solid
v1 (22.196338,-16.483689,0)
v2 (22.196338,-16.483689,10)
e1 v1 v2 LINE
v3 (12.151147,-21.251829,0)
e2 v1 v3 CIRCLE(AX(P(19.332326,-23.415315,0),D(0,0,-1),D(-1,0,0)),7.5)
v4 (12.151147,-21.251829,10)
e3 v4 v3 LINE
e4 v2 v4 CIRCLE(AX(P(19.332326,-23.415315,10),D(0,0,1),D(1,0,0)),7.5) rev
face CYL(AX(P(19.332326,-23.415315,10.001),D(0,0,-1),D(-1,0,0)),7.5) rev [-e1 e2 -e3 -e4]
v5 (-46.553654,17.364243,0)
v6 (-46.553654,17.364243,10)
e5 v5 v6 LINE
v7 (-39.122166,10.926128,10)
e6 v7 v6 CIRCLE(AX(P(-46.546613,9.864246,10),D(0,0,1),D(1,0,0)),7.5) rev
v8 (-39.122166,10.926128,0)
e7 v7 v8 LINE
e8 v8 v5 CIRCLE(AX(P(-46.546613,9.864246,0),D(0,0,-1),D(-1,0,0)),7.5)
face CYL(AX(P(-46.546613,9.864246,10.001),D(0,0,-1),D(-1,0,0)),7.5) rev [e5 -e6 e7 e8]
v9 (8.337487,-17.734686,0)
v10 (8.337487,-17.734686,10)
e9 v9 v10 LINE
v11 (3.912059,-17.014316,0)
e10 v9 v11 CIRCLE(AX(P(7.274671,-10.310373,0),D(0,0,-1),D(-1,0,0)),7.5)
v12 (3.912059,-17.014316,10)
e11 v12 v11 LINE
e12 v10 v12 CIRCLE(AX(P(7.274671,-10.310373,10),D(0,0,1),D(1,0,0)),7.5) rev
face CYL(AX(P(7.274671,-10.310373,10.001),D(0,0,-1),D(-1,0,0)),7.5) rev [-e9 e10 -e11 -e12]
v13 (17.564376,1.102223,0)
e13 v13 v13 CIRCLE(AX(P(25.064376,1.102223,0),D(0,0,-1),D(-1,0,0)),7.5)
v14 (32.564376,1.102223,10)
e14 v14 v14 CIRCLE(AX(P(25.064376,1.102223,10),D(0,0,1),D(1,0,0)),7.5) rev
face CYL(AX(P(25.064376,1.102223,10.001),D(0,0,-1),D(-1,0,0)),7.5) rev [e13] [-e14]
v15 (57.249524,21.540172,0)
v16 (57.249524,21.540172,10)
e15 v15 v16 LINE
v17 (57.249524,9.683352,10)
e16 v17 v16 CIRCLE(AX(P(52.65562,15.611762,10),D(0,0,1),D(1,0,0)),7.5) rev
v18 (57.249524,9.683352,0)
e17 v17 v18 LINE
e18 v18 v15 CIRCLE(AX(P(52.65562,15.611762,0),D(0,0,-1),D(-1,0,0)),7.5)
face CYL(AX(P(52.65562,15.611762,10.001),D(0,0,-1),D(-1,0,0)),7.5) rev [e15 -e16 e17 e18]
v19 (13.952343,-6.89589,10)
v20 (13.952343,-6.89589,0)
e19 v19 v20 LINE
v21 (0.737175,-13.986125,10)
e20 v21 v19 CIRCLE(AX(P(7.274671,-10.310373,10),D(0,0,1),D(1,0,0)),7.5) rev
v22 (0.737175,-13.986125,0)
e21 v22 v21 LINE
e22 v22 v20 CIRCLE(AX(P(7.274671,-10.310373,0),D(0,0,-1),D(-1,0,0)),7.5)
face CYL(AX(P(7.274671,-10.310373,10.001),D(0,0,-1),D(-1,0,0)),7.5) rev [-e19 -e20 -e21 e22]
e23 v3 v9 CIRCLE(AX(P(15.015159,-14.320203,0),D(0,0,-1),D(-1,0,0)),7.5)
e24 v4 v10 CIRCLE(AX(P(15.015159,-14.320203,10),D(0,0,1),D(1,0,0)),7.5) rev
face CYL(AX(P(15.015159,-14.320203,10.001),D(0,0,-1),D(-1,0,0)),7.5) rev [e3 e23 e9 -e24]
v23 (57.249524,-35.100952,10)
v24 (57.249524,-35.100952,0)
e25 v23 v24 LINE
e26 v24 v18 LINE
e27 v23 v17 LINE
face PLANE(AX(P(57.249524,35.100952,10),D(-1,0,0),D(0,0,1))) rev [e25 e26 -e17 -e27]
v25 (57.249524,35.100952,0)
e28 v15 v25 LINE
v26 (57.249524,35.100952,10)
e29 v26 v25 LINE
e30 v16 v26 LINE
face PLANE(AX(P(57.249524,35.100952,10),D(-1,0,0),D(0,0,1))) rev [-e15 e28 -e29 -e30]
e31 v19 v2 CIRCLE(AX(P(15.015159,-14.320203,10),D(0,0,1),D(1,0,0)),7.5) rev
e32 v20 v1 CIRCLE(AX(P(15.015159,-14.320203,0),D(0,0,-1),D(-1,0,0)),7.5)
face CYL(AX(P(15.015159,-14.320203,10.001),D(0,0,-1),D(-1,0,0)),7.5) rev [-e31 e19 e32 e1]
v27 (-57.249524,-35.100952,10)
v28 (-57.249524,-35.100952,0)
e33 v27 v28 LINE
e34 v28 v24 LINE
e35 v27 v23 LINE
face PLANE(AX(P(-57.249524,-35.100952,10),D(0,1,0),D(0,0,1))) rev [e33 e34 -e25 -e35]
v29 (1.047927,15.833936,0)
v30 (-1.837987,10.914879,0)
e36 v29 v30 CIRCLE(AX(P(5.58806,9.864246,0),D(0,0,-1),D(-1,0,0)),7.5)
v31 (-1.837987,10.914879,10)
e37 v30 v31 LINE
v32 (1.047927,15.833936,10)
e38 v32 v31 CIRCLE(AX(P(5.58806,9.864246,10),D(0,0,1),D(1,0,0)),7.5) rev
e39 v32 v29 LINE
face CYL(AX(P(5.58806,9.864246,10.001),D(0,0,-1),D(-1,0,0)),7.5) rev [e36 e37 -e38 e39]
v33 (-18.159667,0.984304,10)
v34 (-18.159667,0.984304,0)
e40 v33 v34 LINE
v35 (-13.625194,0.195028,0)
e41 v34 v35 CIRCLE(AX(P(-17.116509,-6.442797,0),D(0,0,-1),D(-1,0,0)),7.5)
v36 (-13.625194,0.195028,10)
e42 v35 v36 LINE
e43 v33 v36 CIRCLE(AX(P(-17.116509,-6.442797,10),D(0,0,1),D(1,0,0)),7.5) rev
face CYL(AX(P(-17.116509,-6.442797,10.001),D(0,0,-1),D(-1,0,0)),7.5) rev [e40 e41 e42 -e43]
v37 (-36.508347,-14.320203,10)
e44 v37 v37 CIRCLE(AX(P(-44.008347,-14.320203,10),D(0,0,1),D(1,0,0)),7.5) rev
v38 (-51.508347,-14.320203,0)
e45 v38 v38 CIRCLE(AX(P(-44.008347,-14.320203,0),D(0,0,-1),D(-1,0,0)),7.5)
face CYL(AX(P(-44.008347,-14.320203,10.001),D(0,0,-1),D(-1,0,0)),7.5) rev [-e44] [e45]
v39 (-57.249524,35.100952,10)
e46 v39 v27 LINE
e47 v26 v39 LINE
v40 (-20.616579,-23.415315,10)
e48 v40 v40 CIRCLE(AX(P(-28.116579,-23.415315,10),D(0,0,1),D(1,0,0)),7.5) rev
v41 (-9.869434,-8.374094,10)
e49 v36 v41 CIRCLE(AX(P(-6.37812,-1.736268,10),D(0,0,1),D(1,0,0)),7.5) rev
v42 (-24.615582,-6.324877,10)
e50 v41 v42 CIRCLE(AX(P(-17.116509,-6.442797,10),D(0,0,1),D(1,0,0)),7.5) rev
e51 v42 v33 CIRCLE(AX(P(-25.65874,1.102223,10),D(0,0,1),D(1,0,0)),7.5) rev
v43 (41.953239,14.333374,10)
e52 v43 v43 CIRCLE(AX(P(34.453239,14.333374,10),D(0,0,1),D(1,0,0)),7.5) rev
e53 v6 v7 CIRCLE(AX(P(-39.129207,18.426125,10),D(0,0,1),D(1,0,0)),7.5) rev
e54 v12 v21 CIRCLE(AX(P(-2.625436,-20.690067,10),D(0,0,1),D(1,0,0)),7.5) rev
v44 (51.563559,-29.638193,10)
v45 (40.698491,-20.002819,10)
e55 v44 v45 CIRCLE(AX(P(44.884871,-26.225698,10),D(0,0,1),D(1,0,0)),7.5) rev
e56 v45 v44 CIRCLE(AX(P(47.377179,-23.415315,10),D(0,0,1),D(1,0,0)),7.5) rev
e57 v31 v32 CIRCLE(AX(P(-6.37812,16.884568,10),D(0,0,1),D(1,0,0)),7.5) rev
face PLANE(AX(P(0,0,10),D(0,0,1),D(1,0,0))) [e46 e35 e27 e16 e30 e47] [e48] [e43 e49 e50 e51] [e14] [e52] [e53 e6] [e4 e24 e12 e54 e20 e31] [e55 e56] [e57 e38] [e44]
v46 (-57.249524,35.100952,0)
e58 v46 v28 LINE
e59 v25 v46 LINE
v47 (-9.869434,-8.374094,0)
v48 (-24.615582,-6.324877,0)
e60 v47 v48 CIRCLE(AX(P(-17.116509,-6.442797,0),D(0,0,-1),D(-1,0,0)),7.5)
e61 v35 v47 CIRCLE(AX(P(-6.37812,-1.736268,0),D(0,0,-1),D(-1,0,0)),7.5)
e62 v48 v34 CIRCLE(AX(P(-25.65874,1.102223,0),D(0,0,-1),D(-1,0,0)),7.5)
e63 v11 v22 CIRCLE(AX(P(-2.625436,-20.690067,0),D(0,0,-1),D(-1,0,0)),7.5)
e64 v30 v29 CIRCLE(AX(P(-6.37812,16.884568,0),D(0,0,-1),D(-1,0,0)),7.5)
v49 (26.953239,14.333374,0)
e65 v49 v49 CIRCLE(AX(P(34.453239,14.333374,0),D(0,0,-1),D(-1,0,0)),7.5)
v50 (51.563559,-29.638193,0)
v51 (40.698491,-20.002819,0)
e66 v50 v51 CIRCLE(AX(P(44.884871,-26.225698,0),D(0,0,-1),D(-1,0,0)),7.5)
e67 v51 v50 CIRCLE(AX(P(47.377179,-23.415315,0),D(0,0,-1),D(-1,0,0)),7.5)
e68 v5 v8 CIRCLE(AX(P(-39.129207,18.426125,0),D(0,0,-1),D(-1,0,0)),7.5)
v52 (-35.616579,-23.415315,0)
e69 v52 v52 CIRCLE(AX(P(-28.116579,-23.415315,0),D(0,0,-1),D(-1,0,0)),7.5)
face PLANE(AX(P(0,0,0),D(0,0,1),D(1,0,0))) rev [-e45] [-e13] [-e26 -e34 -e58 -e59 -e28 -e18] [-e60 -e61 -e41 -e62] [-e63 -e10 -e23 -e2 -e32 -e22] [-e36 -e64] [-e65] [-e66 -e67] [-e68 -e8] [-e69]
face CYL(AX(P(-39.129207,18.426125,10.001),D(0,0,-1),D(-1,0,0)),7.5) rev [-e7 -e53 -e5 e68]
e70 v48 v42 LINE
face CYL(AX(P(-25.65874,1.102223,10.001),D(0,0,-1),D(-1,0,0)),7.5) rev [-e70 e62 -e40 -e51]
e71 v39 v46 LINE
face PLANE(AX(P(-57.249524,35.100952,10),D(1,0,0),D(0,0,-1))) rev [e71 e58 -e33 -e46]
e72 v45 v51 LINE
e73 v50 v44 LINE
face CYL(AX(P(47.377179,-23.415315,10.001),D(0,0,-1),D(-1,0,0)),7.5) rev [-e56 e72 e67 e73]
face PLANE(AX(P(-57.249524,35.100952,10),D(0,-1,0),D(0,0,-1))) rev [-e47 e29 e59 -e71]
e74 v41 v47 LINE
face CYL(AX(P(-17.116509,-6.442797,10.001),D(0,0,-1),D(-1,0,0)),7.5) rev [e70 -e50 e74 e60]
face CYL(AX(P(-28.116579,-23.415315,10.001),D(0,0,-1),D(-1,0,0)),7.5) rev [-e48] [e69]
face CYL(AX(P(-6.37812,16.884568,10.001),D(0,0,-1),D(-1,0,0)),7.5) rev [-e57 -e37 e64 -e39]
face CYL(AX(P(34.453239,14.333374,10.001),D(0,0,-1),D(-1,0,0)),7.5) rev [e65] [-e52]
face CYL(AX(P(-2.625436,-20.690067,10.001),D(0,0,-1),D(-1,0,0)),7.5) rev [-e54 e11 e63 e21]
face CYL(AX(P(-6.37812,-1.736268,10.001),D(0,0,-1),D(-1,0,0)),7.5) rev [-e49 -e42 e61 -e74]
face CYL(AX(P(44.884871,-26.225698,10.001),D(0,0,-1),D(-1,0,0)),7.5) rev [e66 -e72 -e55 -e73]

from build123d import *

# Parameters (mm, degrees)
SKICA1_W                 = 114.49904762
SKICA1_H                 = 70.201904762
P_IDAT_VYSUNUT_M1_DEPTH  = 10
ODEBRAT_VYSUNUT_M1_REACH = 69.894
SKICA2_R                 = 7.5


with BuildPart() as part:
    # Skica1 → Přidat vysunutím1 (new body)
    with BuildSketch(Plane.XY):
        Rectangle(SKICA1_W, SKICA1_H)
    extrude(amount=P_IDAT_VYSUNUT_M1_DEPTH)

    # Skica2 → Odebrat vysunutím1 (cut, up to next)
    with BuildSketch(Plane(origin=(0, 0, 0), x_dir=(-1, 0, 0), z_dir=(0, 0, -1)), mode=Mode.PRIVATE) as odebrat_vysunut_m1_sk1:
        with Locations((-44.884870965, -26.225697914)):
            Circle(SKICA2_R)
    odebrat_vysunut_m1_tool1 = extrude(odebrat_vysunut_m1_sk1.sketch, amount=-ODEBRAT_VYSUNUT_M1_REACH, mode=Mode.PRIVATE) & part.part
    odebrat_vysunut_m1 = odebrat_vysunut_m1_tool1.solids().sort_by_distance((44.884871, -26.225698, 0))[0]
    add(odebrat_vysunut_m1, mode=Mode.SUBTRACT)

    # Skica-pole1: Odebrat vysunutím1 at 17 more places
    with Locations((-10.431632, 40.559072, 0), (-47.510307, 5.535631, 0), (-91.431484, 36.089944, 0), (-19.820495, 27.327921, 0), (-29.869712, 11.905495, 0), (-39.296811, 36.089944, 0), (-51.262991, 43.110266, 0), (-73.00145, 2.810383, 0), (-62.00138, 19.782901, 0), (-70.543611, 27.327921, 0), (-51.262991, 24.48943, 0), (-37.6102, 15.915325, 0), (2.492308, 2.810383, 0), (7.770749, 41.83746, 0), (-25.552545, 2.810383, 0), (-88.893218, 11.905495, 0), (-84.014078, 44.651823, 0)):
        add(odebrat_vysunut_m1, mode=Mode.SUBTRACT)


solid = part.part
